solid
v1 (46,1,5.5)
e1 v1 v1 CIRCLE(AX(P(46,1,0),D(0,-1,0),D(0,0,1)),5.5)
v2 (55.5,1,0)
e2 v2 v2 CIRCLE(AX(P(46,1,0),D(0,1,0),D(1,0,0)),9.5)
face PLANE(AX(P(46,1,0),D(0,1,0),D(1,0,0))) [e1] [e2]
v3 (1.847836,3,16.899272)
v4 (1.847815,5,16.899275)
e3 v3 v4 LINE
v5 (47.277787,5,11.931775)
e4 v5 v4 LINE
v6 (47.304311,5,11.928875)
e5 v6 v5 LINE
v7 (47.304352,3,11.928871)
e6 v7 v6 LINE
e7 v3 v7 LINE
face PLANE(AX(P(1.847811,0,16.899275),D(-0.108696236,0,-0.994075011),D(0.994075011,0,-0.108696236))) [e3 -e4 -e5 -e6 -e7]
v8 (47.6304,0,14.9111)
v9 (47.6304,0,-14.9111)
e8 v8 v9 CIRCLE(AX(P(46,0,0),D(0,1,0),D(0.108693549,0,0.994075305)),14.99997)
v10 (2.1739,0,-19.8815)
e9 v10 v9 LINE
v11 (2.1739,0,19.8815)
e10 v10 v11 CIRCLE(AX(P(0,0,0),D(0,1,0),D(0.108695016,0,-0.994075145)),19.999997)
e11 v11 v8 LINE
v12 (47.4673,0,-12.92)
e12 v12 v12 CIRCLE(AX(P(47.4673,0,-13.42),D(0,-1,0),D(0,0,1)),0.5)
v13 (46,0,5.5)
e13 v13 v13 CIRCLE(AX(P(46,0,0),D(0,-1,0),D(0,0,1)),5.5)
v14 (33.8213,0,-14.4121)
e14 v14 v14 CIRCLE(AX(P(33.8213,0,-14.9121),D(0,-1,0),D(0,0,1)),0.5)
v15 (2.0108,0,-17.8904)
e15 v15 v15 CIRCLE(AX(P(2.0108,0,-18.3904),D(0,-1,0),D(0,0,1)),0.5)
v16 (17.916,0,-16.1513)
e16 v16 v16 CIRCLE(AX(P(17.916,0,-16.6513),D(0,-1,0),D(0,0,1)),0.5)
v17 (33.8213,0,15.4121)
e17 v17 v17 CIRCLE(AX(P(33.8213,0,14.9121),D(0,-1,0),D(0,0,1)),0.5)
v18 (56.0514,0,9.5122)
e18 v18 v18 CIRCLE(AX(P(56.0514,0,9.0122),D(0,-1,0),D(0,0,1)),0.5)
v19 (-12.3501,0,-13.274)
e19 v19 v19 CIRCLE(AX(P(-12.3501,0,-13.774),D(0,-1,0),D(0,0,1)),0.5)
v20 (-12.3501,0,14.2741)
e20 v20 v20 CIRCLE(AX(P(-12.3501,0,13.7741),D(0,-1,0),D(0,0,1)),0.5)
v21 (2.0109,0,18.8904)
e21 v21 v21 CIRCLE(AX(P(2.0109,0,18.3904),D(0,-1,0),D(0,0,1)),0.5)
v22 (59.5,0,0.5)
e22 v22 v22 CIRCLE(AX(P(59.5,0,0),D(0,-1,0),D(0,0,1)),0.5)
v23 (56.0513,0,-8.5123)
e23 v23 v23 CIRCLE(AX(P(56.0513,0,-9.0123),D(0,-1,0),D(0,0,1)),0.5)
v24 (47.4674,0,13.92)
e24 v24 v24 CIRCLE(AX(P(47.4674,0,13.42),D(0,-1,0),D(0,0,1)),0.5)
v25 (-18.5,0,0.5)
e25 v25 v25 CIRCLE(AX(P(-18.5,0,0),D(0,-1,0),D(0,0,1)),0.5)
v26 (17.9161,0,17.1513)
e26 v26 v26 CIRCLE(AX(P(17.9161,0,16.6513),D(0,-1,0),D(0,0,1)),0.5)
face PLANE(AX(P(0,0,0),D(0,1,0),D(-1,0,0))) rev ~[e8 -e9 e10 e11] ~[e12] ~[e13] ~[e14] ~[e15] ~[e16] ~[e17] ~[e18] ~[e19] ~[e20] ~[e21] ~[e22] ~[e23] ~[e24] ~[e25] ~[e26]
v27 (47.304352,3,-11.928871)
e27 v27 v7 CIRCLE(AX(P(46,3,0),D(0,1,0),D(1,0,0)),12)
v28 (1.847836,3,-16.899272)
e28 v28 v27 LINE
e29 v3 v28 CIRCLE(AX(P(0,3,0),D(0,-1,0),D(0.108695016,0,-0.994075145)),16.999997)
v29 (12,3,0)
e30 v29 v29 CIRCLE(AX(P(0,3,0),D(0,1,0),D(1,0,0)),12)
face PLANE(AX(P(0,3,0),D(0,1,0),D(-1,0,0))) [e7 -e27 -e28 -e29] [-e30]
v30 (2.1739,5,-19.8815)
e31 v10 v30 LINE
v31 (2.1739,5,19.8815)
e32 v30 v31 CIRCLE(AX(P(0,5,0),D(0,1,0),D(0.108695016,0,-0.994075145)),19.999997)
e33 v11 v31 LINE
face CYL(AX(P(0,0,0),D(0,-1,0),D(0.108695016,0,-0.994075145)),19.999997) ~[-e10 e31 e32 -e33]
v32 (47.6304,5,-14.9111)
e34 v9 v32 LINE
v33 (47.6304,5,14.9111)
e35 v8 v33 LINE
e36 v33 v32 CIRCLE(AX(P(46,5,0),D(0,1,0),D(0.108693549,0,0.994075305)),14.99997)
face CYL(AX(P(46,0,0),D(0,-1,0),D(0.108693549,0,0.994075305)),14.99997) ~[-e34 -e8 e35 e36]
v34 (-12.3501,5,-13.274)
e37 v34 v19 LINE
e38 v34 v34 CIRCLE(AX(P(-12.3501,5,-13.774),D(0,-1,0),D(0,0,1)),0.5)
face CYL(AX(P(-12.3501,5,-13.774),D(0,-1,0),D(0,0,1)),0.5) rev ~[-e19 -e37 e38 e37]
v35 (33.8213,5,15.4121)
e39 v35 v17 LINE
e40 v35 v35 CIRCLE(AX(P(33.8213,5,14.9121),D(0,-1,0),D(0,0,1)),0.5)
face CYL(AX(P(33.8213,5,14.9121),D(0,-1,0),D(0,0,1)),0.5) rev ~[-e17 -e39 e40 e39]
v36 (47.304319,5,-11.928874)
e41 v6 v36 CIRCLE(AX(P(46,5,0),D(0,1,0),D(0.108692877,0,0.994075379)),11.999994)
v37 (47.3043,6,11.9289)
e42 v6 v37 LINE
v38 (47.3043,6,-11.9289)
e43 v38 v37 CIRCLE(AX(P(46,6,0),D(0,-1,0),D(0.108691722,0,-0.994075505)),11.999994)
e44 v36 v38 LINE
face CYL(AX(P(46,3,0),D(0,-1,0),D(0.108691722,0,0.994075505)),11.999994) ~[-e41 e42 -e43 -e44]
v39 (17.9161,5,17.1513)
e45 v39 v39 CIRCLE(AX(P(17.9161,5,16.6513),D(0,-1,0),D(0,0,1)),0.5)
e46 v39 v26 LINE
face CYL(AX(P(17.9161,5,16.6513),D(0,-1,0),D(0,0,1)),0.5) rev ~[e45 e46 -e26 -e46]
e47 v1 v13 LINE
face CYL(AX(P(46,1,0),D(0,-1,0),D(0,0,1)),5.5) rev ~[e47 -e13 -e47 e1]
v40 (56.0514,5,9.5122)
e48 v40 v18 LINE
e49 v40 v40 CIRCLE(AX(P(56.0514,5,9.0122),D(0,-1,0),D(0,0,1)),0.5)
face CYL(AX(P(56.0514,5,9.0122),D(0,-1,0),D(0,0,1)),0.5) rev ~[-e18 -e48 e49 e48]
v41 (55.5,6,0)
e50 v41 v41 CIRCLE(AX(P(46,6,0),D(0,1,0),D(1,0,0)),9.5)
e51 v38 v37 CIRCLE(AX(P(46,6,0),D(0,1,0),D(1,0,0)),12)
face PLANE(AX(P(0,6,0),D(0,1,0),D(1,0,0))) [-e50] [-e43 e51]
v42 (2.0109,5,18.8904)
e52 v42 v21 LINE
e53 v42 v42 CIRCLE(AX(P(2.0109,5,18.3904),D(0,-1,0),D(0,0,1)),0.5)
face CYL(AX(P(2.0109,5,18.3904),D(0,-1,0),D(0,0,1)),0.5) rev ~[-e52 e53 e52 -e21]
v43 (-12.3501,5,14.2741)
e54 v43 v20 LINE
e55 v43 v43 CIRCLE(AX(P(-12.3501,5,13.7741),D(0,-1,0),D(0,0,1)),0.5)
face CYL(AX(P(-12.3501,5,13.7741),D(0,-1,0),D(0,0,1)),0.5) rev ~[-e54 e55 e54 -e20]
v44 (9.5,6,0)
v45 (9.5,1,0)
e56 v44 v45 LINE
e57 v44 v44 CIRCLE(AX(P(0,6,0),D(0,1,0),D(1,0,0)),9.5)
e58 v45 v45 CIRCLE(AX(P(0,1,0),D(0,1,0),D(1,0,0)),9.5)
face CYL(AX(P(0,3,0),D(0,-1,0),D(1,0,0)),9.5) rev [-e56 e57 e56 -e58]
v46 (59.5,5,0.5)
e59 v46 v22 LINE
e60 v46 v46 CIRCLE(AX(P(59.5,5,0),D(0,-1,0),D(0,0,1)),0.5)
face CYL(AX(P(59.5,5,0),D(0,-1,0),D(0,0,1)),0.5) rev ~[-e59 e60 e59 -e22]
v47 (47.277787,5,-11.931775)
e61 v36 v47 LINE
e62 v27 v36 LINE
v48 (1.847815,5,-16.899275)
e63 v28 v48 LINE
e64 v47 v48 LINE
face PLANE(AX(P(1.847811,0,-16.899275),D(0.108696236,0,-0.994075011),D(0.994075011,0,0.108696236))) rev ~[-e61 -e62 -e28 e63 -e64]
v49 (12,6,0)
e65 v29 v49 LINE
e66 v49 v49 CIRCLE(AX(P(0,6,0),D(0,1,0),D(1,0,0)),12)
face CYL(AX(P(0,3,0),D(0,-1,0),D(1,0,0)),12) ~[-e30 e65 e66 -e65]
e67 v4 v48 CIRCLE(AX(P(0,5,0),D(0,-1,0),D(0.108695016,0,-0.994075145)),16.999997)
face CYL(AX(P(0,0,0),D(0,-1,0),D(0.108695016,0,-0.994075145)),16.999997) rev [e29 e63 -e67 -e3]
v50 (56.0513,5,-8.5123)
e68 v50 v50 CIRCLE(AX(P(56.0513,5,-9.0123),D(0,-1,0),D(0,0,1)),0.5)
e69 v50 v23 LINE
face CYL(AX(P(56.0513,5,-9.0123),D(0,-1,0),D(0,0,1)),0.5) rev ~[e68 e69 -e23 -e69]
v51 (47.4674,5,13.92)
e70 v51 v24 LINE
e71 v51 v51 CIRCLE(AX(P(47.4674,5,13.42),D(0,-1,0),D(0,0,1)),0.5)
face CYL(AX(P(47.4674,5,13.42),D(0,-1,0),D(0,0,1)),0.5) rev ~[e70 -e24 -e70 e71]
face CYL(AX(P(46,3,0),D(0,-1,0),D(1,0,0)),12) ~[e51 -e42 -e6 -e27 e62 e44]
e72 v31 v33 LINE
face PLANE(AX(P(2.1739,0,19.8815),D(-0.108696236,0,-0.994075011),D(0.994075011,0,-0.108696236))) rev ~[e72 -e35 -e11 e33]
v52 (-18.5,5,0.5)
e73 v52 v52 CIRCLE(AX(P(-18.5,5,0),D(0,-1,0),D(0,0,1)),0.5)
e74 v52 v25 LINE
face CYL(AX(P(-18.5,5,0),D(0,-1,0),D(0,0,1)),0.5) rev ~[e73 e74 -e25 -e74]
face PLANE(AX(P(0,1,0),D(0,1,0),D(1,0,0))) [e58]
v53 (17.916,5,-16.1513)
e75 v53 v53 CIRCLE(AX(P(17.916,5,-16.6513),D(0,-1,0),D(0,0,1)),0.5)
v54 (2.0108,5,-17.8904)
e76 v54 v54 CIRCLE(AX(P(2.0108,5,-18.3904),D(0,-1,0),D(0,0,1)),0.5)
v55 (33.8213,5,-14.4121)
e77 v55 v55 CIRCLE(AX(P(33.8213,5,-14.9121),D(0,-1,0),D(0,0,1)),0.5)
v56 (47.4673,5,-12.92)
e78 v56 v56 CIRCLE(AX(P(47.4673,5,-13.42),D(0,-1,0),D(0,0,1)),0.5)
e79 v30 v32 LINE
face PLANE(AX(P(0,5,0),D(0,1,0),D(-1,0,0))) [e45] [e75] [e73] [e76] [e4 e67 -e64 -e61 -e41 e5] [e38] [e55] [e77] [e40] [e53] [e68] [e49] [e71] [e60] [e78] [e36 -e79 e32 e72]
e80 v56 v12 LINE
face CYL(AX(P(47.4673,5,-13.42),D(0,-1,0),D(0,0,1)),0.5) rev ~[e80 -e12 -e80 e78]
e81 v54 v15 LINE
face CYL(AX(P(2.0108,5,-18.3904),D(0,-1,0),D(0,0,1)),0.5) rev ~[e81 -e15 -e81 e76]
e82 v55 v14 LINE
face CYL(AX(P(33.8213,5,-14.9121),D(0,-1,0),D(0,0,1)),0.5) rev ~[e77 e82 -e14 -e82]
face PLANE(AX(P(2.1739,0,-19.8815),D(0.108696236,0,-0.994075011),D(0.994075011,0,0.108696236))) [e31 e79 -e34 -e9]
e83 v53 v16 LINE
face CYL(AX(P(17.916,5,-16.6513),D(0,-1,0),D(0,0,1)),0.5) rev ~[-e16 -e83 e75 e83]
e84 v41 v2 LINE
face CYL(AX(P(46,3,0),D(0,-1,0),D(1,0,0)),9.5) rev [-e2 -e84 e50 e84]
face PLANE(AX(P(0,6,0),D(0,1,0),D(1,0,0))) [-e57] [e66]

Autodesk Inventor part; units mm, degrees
ref_plane "YZ Plane" through (0, 0, 0) normal (1, 0, 0) x (0, 1, 0)
ref_plane "XZ Plane" through (0, 0, 0) normal (0, 1, 0) x (-1, 0, 0)
ref_plane "XY Plane" through (0, 0, 0) normal (0, 0, 1) x (1, 0, 0)
sketch "Skizze7" plane through (0, 0, 0) normal (0, -1, 0) x (1, 0, 0)
  point P0 (-1.8443, 26.478)
sketch "Skizze1" plane through (0, 0, 0) normal (0, 1, 0) x (-1, 0, 0)
  arc A0 (-2.1739, -19.8815) -> (-2.1739, 19.8815) centre (0, 0) ccw
  arc A1 (-47.6304, 14.9111) -> (-47.6304, -14.9111) centre (-46, 0) ccw
  line L0 (-2.1739, 19.8815) -> (-47.6304, 14.9111)
  line L1 (-2.1739, -19.8815) -> (-47.6304, -14.9111)
  line L2 (45.0235, 0) -> (-115.148, 0) construction
  dimension "d0" = 40
  dimension "d1" = 30
  dimension "d2" = 46
extrude "Extrusion1" add sketch "Skizze1" along normal blind 5
shell "Wandung1" thickness 3 removed faces 1 at (17.3261, 5, -4.9704)
sketch "Skizze2" plane through (0, 3, 0) normal (0, 1, 0) x (1, 0, 0)
  circle A0 centre (0, 0) radius 9.5
  circle A1 centre (0, 0) radius 12
  dimension "d6" = 19
  dimension "d7" = 24
extrude "Extrusion2" add sketch "Skizze2" along normal blind 3
sketch "Skizze3" plane through (0, 3, 0) normal (0, 1, 0) x (1, 0, 0)
  arc A0 (47.3043, -11.9289) -> (47.3043, 11.9289) centre (46, 0) ccw projected
  circle A1 centre (46, 0) radius 9.5
  circle A2 centre (46, 0) radius 12
  point P0 (0, 0)
  point P1 (47.3043, -11.9289)
  dimension "d10" = 19
extrude "Extrusion3" add sketch "Skizze3" along normal blind 3
sketch "Skizze4" plane through (0, 3, 0) normal (0, 1, 0) x (1, 0, 0)
  circle A0 centre (0, 0) radius 9.5
extrude "Extrusion4" cut sketch "Skizze4" against normal blind 2
sketch "Skizze5" plane through (46, 3, 0) normal (0, 1, 0) x (1, 0, 0)
  circle A0 centre (0, 0) radius 9.5
  point P0 (-46, 0)
extrude "Extrusion5" cut sketch "Skizze5" against normal blind 2
sketch "Skizze6" plane through (46, 1, 0) normal (0, 1, 0) x (1, 0, 0)
  point P0 (-46, 0)
  point P1 (0, 0)
  point P2 (0, 0)
hole "Bohrung1" at (46, 1, 0) direction (0, -1, 0) diameter 11 end through all
sketch "Skizze8" plane through (0, 5, 0) normal (0, 1, 0) x (1, 0, 0)
  arc A0 (1.8478, 16.8993) -> (1.8478, -16.8993) centre (0, 0) ccw projected
  arc A1 (2.1739, 19.8815) -> (2.1739, -19.8815) centre (0, 0) ccw projected
  line L0 (47.3043, -11.9289) -> (1.8478, -16.8993) projected
  line L1 (2.1739, -19.8815) -> (47.6304, -14.9111) projected
  arc A2 (47.6304, -14.9111) -> (47.6304, 14.9111) centre (46, 0) ccw projected
  circle A3 centre (46, 0) radius 12 projected
  line L2 (1.8478, 16.8993) -> (47.3043, 11.9289) projected
  line L3 (47.6304, 14.9111) -> (2.1739, 19.8815) projected
  arc A4 (2.0109, 18.3904) -> (2.0109, -18.3904) centre (0, 0) ccw
  line L4 (2.0109, 18.3904) -> (47.4674, 13.42)
  arc A5 (47.4674, -13.42) -> (47.4674, 13.42) centre (46, 0) ccw
  line L5 (47.4674, -13.42) -> (2.0109, -18.3904)
  line L6 (47.4674, 13.42) -> (46, 0) construction
  line L7 (46, 0) -> (47.4674, -13.42) construction
  line L8 (0, 0) -> (2.0109, -18.3904) construction
  line L9 (0, 0) -> (2.0109, 18.3904) construction
  point P0 (0, -18.5)
  point P1 (56.0514, -9.0122)
  point P2 (59.5, 0)
  point P3 (56.0513, 9.0123)
  point P4 (47.4673, 13.42)
  point P5 (-12.3501, -13.7741)
  point P6 (-18.5, 0)
  point P7 (-12.3501, 13.774)
  point P8 (2.0108, 18.3904)
  point P9 (17.9161, -16.6513)
  point P10 (33.8213, -14.9121)
  point P11 (17.9161, 16.6513)
  point P12 (17.916, 16.6513)
  point P13 (33.8213, 14.9121)
  point P14 (33.8212, 14.9121)
  dimension "d24" = 1.5
  dimension "d26" = 167.52
  dimension "d29" = 167.52
  dimension "d31" = 167.52
  dimension "d34" = 192.48
  dimension "d38" = 16
  dimension "d45" = 16
hole "Bohrung2" at (2.0109, 5, 18.3904) at (-12.3501, 5, 13.7741) at (-18.5, 5, 0) at (-12.3501, 5, -13.774) at (2.0108, 5, -18.3904) at (17.916, 5, -16.6513) at (33.8213, 5, -14.9121) at (47.4673, 5, -13.42) at (56.0513, 5, -9.0123) at (59.5, 5, 0) at (56.0514, 5, 9.0122) at (47.4674, 5, 13.42) at (33.8213, 5, 14.9121) at (17.9161, 5, 16.6513) direction (0, -1, 0) diameter 1 end through all
properties part number "Klapp_Hinten_Abdeckung"
